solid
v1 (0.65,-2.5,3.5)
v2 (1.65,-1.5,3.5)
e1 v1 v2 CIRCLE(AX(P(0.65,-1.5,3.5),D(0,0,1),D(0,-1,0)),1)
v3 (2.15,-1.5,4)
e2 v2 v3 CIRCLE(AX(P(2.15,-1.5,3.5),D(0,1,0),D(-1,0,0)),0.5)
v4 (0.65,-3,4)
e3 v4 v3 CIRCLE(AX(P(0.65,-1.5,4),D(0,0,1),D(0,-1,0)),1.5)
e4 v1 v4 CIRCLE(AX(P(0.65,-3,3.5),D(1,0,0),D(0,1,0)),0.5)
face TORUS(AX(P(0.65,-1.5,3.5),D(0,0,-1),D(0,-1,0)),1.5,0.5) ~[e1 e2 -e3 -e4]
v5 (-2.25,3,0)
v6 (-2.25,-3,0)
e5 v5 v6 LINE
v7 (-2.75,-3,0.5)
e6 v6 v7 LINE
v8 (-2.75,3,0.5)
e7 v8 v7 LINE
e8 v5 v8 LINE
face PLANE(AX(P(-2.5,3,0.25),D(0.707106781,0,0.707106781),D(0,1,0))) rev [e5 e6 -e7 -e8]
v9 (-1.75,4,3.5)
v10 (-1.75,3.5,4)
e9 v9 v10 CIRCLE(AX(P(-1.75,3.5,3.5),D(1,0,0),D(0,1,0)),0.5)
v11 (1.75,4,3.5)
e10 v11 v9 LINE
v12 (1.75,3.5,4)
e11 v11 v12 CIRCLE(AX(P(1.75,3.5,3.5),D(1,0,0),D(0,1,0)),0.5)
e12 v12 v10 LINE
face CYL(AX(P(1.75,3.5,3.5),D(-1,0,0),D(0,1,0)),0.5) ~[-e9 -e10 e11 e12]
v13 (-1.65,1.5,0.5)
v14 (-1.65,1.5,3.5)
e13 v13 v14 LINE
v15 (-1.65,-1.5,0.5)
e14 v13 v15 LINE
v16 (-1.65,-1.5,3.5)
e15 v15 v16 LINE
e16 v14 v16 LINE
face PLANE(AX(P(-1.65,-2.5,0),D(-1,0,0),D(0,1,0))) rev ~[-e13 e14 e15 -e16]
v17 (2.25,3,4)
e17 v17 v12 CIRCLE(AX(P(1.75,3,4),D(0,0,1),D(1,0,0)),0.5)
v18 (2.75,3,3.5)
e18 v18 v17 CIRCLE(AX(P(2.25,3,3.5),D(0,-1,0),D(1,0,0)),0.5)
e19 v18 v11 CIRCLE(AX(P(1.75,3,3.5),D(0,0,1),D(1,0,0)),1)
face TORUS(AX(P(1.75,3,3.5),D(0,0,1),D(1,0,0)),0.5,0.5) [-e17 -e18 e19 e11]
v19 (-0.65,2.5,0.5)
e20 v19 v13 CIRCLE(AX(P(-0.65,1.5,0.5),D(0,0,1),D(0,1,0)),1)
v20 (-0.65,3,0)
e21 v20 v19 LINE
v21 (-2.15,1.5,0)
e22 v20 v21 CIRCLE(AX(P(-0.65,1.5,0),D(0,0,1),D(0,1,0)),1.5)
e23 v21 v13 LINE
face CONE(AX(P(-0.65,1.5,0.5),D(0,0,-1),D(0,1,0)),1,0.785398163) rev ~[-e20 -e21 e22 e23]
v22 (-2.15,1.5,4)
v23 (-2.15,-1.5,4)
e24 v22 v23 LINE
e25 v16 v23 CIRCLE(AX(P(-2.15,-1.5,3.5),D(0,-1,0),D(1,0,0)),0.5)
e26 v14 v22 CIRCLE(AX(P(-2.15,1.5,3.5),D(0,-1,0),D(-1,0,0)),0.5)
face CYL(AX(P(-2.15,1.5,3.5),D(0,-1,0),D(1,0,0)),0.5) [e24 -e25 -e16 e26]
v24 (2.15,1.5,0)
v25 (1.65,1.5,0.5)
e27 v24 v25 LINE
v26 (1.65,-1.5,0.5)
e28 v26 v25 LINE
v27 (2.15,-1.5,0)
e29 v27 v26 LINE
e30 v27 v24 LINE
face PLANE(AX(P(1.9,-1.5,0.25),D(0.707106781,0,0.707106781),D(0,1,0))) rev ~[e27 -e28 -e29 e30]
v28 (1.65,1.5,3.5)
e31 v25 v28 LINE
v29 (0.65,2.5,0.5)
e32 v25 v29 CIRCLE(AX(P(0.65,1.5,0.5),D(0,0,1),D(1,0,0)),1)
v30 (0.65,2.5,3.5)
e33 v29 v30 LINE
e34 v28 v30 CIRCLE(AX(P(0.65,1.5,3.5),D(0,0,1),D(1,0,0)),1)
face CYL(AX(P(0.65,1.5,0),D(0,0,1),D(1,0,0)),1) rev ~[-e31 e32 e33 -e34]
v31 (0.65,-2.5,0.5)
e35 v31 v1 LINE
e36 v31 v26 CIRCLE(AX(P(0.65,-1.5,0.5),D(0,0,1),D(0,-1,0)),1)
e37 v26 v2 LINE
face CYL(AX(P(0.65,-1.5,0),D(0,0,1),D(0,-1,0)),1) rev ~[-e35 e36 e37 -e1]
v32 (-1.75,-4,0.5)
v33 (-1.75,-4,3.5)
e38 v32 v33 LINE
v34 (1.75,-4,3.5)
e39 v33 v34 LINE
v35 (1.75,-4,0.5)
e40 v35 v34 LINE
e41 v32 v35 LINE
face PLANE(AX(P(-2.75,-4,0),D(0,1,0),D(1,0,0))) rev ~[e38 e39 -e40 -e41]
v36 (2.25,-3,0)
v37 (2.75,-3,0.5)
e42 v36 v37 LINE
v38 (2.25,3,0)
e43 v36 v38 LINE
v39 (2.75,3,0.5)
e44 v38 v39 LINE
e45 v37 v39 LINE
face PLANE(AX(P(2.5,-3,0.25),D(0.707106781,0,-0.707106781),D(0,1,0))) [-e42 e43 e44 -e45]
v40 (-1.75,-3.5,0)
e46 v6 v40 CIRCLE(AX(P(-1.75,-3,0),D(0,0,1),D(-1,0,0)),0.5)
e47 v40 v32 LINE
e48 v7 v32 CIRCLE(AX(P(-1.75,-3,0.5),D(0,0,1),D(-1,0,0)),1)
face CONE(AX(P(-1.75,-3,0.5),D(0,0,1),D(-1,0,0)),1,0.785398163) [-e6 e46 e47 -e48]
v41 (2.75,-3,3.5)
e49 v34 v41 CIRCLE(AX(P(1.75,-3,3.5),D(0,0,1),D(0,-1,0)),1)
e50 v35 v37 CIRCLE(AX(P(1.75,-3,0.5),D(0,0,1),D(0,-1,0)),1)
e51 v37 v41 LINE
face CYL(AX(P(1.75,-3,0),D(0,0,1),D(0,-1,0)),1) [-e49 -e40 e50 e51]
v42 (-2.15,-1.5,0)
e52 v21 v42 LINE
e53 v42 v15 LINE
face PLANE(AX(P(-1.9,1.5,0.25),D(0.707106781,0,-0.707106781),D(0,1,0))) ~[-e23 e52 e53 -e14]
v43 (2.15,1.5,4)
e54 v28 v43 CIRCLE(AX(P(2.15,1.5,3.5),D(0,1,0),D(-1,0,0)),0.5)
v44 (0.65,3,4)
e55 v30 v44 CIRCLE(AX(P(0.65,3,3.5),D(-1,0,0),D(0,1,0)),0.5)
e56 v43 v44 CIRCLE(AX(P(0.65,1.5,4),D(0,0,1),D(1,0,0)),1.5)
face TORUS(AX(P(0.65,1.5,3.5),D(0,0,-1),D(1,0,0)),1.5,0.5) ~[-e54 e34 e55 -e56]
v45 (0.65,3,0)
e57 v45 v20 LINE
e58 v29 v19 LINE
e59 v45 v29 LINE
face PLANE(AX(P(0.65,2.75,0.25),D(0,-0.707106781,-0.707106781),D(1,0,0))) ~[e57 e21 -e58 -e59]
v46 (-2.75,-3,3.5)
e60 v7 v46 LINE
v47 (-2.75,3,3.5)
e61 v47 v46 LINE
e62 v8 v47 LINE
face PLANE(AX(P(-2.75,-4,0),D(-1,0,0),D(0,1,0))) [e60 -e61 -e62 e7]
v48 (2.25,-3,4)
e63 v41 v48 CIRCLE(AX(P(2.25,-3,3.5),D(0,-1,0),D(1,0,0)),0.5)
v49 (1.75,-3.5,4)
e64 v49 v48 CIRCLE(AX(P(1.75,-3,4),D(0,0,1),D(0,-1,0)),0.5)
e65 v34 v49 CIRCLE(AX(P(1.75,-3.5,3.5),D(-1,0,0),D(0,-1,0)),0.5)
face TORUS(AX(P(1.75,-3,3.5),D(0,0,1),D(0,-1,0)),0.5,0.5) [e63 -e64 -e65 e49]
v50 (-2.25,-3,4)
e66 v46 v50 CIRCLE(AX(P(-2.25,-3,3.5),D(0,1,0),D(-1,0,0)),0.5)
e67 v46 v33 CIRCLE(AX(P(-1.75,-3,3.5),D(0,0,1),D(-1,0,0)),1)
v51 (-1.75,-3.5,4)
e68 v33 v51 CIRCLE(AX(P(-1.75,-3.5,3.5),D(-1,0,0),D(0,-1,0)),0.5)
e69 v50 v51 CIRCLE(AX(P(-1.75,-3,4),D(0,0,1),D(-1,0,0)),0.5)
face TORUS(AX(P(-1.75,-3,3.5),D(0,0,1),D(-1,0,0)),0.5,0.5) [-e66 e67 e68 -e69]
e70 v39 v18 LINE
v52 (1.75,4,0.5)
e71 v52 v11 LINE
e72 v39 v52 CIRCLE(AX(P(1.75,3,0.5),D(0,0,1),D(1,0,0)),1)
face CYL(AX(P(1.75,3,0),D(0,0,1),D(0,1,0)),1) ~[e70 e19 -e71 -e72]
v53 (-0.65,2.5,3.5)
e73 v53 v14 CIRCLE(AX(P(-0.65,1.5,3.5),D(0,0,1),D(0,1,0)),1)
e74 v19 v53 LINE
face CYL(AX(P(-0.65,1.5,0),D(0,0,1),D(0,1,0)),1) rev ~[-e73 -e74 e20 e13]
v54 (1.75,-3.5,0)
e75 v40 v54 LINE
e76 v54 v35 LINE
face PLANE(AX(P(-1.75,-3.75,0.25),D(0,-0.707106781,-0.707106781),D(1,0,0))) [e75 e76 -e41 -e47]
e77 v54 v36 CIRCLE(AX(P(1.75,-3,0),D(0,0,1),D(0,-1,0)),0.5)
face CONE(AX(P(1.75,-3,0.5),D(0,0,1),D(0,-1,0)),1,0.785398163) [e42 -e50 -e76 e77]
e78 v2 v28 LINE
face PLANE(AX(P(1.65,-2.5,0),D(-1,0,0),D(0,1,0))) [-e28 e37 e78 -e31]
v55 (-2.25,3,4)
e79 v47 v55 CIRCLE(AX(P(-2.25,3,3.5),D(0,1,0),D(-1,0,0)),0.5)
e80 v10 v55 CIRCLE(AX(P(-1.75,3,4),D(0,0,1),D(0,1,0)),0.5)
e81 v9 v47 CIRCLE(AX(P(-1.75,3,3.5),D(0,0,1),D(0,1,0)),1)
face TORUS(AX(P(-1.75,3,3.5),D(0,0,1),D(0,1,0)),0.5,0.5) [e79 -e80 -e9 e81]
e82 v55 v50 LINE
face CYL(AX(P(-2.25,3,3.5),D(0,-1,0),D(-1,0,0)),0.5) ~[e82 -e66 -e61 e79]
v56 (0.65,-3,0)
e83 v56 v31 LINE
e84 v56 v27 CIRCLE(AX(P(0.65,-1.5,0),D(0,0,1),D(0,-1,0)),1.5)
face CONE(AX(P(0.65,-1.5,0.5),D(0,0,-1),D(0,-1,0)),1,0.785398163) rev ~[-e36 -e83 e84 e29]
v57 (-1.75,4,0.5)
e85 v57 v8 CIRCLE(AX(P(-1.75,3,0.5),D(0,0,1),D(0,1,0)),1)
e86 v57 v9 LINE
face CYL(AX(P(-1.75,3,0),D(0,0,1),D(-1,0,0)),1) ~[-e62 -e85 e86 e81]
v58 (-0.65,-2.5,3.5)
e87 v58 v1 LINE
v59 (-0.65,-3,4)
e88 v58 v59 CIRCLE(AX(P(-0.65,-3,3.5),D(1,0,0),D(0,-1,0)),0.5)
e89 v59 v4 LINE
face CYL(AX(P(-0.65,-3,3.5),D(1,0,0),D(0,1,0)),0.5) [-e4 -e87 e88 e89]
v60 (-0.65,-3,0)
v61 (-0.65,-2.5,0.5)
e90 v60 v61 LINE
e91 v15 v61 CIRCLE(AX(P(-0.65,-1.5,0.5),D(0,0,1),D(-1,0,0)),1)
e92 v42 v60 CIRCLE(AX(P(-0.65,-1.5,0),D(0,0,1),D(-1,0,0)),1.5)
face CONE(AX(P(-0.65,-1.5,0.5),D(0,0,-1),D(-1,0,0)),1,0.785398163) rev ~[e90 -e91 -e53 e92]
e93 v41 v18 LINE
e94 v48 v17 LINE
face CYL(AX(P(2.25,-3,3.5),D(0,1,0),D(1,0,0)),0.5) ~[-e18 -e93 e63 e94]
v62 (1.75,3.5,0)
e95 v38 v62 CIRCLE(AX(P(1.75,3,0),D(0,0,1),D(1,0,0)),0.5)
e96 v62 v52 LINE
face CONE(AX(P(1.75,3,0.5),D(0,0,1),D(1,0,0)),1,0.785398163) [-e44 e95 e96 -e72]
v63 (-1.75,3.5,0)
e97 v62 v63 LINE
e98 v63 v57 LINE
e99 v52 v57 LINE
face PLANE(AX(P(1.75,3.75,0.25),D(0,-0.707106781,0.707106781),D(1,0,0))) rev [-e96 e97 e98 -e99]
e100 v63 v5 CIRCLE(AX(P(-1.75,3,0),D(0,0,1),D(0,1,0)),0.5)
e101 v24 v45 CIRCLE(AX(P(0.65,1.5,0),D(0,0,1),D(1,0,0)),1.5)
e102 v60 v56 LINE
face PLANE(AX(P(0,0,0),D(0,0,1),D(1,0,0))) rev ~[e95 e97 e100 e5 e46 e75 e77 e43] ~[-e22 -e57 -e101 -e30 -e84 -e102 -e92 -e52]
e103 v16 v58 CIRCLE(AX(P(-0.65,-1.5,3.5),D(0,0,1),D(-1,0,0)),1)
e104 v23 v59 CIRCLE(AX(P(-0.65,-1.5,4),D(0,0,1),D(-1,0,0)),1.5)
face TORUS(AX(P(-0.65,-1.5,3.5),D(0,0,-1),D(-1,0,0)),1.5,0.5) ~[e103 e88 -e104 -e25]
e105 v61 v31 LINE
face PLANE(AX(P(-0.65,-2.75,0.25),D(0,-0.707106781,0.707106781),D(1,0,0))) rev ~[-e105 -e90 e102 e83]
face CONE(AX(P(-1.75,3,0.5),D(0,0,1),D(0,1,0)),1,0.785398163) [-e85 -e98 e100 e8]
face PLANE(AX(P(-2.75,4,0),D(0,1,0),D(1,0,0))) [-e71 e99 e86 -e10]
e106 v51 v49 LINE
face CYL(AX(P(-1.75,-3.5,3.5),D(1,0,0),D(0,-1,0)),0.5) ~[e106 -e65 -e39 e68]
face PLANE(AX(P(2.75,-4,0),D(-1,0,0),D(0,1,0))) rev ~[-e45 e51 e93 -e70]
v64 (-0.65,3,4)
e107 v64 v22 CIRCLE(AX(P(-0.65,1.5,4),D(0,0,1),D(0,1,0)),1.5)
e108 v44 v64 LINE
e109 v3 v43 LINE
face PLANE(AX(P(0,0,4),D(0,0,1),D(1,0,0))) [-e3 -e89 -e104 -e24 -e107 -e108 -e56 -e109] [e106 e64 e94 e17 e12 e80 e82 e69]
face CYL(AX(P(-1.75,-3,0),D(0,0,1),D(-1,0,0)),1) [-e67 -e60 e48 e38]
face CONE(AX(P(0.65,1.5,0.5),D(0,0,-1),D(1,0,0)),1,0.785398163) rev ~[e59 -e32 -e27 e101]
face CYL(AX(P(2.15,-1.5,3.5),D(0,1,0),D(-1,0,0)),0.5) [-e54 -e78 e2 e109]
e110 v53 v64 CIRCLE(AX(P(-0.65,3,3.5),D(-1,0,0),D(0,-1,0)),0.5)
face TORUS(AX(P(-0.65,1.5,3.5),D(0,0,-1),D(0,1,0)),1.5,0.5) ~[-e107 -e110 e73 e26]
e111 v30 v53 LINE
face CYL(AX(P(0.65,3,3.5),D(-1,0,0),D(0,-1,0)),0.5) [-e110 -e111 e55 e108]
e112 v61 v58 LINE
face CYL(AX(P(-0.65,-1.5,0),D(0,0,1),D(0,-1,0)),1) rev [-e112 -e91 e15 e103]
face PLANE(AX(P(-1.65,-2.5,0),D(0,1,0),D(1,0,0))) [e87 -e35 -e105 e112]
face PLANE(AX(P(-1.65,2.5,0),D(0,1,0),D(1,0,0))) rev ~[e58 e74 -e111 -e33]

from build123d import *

# Parameters (mm, degrees)
F0_W     = 5.5
F0_H     = 8
F0_W_2   = 3.3
F0_H_2   = 5
F1_DEPTH = 4
F2_R     = 1
F3_R     = 1
F4_R     = 0.5
F5_SIZE  = 0.5


with BuildPart() as f1:
    # F0 (on Top) → F1 (new body)
    with BuildSketch(Plane.XY):
        Rectangle(F0_W, F0_H)
        Rectangle(F0_W_2, F0_H_2, mode=Mode.SUBTRACT)
    extrude(amount=F1_DEPTH)

    # F2
    f2_edges = [f1.edges().sort_by_distance(p)[0] for p in [
        (-2.75, -4, 2),
        (2.75, -4, 2),
        (-2.75, 4, 2),
        (2.75, 4, 2),
    ]]
    fillet(f2_edges, radius=F2_R)

    # F3
    f3_edges = [f1.edges().sort_by_distance(p)[0] for p in [
        (1.65, 2.5, 2),
        (1.65, -2.5, 2),
        (-1.65, -2.5, 2),
        (-1.65, 2.5, 2),
    ]]
    fillet(f3_edges, radius=F3_R)

    # F4
    f4_edges = [f1.edges().sort_by_distance(p)[0] for p in [
        (1.65, 0, 4),
        (1.357107, 2.207107, 4),
        (1.357107, -2.207107, 4),
        (0, 2.5, 4),
        (0, -2.5, 4),
        (-1.357107, 2.207107, 4),
        (-1.357107, -2.207107, 4),
        (-1.65, 0, 4),
        (0, -4, 4),
        (-2.457107, -3.707107, 4),
        (2.457107, -3.707107, 4),
        (-2.75, 0, 4),
        (2.75, 0, 4),
        (-2.457107, 3.707107, 4),
        (2.457107, 3.707107, 4),
        (0, 4, 4),
    ]]
    fillet(f4_edges, radius=F4_R)

    # F5
    f5_edges = [f1.edges().sort_by_distance(p)[0] for p in [
        (1.65, 0, 0),
        (1.357107, 2.207107, 0),
        (1.357107, -2.207107, 0),
        (0, 2.5, 0),
        (0, -2.5, 0),
        (-1.357107, 2.207107, 0),
        (-1.357107, -2.207107, 0),
        (-1.65, 0, 0),
        (0, -4, 0),
        (-2.457107, -3.707107, 0),
        (2.457107, -3.707107, 0),
        (-2.75, 0, 0),
        (2.75, 0, 0),
        (-2.457107, 3.707107, 0),
        (2.457107, 3.707107, 0),
        (0, 4, 0),
    ]]
    chamfer(f5_edges, length=F5_SIZE)


solid = f1.part
